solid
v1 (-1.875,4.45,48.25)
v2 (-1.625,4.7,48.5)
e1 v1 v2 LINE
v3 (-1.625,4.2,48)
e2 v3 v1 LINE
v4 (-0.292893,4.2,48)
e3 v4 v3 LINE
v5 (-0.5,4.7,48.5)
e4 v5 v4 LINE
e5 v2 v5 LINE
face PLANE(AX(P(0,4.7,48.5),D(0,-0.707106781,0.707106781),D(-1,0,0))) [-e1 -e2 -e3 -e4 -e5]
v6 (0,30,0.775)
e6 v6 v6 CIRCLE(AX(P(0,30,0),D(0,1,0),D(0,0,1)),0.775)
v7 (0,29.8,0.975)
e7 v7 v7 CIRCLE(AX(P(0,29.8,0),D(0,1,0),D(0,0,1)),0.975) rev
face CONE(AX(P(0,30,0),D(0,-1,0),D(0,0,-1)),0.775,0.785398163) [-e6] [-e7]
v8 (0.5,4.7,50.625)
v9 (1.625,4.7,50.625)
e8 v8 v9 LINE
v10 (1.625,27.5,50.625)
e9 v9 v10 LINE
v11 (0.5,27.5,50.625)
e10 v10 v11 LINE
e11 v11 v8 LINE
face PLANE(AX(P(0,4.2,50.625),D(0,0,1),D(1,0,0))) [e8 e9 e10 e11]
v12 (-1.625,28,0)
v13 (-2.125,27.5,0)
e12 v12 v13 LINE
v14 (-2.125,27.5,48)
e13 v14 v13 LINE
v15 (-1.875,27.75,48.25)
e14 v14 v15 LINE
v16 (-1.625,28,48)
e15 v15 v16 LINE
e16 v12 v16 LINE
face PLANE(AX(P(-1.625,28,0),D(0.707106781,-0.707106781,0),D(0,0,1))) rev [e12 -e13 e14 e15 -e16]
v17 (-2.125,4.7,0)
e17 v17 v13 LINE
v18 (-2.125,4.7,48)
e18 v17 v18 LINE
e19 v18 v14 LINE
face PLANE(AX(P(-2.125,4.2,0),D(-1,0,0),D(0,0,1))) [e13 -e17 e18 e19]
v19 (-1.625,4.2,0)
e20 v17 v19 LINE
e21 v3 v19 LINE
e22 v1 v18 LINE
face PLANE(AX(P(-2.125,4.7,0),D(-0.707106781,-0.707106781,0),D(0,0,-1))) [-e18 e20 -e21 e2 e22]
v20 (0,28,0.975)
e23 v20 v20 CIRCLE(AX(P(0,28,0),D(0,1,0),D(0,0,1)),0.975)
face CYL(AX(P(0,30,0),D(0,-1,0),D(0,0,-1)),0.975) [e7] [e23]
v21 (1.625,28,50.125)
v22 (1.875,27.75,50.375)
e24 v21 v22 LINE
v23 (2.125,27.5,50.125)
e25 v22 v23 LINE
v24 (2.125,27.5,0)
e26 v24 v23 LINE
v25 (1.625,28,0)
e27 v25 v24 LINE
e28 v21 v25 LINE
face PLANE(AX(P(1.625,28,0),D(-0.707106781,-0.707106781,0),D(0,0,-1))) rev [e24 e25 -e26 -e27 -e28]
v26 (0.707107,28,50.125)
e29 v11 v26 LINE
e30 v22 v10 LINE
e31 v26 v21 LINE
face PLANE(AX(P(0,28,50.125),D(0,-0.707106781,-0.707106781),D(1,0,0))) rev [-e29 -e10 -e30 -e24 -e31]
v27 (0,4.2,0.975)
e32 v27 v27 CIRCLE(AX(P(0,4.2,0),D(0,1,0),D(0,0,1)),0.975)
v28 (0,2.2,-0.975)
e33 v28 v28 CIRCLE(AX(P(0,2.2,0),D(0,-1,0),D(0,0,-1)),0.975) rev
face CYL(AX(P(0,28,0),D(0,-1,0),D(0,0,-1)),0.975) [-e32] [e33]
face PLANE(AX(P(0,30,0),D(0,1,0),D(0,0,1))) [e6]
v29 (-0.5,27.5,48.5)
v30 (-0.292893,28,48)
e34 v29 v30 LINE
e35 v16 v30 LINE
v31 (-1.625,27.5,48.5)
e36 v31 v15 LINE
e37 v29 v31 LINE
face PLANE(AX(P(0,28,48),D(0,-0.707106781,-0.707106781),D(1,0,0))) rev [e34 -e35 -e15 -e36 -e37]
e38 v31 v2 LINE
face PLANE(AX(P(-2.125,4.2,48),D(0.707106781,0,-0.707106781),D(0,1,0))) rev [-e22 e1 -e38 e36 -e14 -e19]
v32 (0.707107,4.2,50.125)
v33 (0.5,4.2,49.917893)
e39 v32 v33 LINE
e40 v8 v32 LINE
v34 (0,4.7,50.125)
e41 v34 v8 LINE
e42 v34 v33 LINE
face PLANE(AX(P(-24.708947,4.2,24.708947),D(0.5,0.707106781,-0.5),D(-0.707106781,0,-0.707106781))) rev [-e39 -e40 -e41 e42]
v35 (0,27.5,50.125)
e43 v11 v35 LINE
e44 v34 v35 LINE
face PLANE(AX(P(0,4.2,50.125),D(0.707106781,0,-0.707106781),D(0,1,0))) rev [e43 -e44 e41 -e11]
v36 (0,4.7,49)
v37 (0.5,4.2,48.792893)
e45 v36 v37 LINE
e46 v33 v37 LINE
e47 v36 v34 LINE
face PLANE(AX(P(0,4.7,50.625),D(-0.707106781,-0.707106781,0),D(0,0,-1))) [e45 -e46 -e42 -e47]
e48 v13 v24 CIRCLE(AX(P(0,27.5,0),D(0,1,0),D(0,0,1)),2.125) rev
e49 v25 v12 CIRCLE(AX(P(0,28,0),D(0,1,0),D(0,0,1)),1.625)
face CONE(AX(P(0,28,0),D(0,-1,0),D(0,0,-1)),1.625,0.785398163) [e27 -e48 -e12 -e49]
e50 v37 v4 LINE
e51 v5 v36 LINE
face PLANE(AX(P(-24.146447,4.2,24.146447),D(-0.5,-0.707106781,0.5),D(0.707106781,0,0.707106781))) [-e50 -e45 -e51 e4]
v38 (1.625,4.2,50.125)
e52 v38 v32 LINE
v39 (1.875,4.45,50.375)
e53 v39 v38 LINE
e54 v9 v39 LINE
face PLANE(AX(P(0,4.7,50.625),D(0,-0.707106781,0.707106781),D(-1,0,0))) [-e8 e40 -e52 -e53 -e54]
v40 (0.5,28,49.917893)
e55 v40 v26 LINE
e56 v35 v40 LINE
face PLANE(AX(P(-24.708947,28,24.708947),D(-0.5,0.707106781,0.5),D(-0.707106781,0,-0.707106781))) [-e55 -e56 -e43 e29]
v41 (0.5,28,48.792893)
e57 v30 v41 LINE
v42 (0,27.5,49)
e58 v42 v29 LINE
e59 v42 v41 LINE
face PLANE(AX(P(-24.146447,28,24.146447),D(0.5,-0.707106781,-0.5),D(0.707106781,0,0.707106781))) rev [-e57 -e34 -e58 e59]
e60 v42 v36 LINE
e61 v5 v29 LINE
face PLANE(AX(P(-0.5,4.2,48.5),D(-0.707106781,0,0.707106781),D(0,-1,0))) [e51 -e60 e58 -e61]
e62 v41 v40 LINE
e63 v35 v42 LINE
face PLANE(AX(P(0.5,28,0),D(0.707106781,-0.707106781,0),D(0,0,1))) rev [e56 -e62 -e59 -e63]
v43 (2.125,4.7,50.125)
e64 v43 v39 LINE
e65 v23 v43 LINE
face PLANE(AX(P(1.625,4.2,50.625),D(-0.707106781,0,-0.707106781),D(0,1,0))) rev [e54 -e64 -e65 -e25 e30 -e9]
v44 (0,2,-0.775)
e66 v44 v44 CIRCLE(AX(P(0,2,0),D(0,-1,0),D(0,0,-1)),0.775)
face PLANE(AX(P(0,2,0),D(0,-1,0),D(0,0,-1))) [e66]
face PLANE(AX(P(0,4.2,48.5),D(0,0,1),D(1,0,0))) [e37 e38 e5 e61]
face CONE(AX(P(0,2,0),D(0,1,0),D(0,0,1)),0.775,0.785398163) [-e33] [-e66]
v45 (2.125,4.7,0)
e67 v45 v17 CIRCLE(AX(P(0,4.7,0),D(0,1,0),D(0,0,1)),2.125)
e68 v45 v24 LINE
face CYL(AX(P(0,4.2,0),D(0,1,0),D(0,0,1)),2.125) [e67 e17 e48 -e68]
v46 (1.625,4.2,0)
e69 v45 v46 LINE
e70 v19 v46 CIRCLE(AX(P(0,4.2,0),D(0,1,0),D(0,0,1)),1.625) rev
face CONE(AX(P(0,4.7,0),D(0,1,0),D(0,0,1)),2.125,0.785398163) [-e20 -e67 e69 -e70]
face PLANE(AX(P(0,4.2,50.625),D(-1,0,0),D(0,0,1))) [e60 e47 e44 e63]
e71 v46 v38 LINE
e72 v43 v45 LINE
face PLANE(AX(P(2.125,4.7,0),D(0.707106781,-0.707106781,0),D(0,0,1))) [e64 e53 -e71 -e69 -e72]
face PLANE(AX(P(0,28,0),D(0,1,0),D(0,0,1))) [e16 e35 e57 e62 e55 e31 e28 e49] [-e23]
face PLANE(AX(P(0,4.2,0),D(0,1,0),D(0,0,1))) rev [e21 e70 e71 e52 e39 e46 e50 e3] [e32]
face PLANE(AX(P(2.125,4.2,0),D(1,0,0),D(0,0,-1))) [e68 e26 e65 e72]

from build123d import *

# Parameters (mm, degrees)
SKETCH_2_R          = 0.975
EXTRUDE_1_DEPTH     = 28
EXTRUDE_2_DEPTH     = 23.8
SKETCH_5_R          = 0.975
EXTRUDE_3_DEPTH     = 2
CUT_EXTRUDE_START   = -2
SKETCH_7_R          = 2.125
CUT_EXTRUDE_1_DEPTH = 2
CHAMFER_1_SIZE      = 0.5
CHAMFER_2_SIZE      = 0.5
CHAMFER_3_SIZE      = 0.5
CHAMFER_4_SIZE      = 0.5
CHAMFER_7_SIZE      = 0.2


with BuildPart() as part:
    # 草图2 → 凸台-拉伸1 (new body)
    with BuildSketch(Plane(origin=(0, 0, 0), x_dir=(1, 0, 0), z_dir=(0, 1, 0))):
        with Locations(Location((0, 0, 0), (0, 0, 270))):
            Circle(SKETCH_2_R)
    extrude(amount=EXTRUDE_1_DEPTH)

    # 草图4 → 凸台-拉伸2 (add)
    with BuildSketch(Plane(origin=(0, 28, 0), x_dir=(1, 0, 0), z_dir=(0, 1, 0))):
        with BuildLine():
            Line((0, -48.5), (-2.125, -48.5))
            Line((-2.125, -48.5), (-2.125, 0))
            ThreePointArc((-2.125, 0), (0, 2.125), (2.125, 0))
            Line((2.125, 0), (2.125, -47.7))
            Line((2.125, -47.7), (2.125, -50.625))
            Line((2.125, -50.625), (0, -50.625))
            Line((0, -50.625), (0, -48.5))
        make_face()
    extrude(amount=-EXTRUDE_2_DEPTH)

    # 草图5 → 凸台-拉伸3 (add)
    with BuildSketch(Plane(origin=(0, 28, 0), x_dir=(1, 0, 0), z_dir=(0, 1, 0))):
        with Locations(Location((0, 0, 0), (0, 0, 270))):
            Circle(SKETCH_5_R)
    extrude(amount=EXTRUDE_3_DEPTH)

    # 草图7 → 切除-拉伸1 (cut)
    with BuildSketch(Plane.XZ.offset(CUT_EXTRUDE_START)):
        Circle(SKETCH_7_R)
    extrude(amount=CUT_EXTRUDE_1_DEPTH, mode=Mode.SUBTRACT)

    # 倒角1
    chamfer_1_edges = [part.edges().sort_by_distance(p)[0] for p in [
        (2.125, 28, 25.3125),
        (0, 28, -2.125),
        (-2.125, 28, 24.25),
        (-2.125, 4.2, 24.25),
        (0, 4.2, -2.125),
        (2.125, 4.2, 25.3125),
    ]]
    chamfer(chamfer_1_edges, length=CHAMFER_1_SIZE)

    # 倒角2
    chamfer_2_edges = [part.edges().sort_by_distance(p)[0] for p in [
        (-2.125, 16.1, 48.5),
        (2.125, 16.1, 50.625),
    ]]
    chamfer(chamfer_2_edges, length=CHAMFER_2_SIZE)

    # 倒角3
    chamfer_3_edges = [part.edges().sort_by_distance(p)[0] for p in [
        (0, 16.1, 50.625),
        (0, 16.1, 48.5),
    ]]
    chamfer(chamfer_3_edges, length=CHAMFER_3_SIZE)

    # 倒角4
    chamfer_4_edges = [part.edges().sort_by_distance(p)[0] for p in [
        (-1.0625, 28, 48.5),
        (-1.0625, 4.2, 48.5),
        (0, 28, 49.5625),
        (0, 4.2, 49.5625),
        (1.0625, 28, 50.625),
        (0.25, 28, 50.375),
        (1.0625, 4.2, 50.625),
        (0.25, 4.2, 50.375),
        (-0.25, 28, 48.75),
        (-0.25, 4.2, 48.75),
    ]]
    chamfer(chamfer_4_edges, length=CHAMFER_4_SIZE)

    # 倒角7
    chamfer_7_edges = [part.edges().sort_by_distance(p)[0] for p in [
        (0, 30, -0.975),
        (0, 2, -0.975),
    ]]
    chamfer(chamfer_7_edges, length=CHAMFER_7_SIZE)


solid = part.part
